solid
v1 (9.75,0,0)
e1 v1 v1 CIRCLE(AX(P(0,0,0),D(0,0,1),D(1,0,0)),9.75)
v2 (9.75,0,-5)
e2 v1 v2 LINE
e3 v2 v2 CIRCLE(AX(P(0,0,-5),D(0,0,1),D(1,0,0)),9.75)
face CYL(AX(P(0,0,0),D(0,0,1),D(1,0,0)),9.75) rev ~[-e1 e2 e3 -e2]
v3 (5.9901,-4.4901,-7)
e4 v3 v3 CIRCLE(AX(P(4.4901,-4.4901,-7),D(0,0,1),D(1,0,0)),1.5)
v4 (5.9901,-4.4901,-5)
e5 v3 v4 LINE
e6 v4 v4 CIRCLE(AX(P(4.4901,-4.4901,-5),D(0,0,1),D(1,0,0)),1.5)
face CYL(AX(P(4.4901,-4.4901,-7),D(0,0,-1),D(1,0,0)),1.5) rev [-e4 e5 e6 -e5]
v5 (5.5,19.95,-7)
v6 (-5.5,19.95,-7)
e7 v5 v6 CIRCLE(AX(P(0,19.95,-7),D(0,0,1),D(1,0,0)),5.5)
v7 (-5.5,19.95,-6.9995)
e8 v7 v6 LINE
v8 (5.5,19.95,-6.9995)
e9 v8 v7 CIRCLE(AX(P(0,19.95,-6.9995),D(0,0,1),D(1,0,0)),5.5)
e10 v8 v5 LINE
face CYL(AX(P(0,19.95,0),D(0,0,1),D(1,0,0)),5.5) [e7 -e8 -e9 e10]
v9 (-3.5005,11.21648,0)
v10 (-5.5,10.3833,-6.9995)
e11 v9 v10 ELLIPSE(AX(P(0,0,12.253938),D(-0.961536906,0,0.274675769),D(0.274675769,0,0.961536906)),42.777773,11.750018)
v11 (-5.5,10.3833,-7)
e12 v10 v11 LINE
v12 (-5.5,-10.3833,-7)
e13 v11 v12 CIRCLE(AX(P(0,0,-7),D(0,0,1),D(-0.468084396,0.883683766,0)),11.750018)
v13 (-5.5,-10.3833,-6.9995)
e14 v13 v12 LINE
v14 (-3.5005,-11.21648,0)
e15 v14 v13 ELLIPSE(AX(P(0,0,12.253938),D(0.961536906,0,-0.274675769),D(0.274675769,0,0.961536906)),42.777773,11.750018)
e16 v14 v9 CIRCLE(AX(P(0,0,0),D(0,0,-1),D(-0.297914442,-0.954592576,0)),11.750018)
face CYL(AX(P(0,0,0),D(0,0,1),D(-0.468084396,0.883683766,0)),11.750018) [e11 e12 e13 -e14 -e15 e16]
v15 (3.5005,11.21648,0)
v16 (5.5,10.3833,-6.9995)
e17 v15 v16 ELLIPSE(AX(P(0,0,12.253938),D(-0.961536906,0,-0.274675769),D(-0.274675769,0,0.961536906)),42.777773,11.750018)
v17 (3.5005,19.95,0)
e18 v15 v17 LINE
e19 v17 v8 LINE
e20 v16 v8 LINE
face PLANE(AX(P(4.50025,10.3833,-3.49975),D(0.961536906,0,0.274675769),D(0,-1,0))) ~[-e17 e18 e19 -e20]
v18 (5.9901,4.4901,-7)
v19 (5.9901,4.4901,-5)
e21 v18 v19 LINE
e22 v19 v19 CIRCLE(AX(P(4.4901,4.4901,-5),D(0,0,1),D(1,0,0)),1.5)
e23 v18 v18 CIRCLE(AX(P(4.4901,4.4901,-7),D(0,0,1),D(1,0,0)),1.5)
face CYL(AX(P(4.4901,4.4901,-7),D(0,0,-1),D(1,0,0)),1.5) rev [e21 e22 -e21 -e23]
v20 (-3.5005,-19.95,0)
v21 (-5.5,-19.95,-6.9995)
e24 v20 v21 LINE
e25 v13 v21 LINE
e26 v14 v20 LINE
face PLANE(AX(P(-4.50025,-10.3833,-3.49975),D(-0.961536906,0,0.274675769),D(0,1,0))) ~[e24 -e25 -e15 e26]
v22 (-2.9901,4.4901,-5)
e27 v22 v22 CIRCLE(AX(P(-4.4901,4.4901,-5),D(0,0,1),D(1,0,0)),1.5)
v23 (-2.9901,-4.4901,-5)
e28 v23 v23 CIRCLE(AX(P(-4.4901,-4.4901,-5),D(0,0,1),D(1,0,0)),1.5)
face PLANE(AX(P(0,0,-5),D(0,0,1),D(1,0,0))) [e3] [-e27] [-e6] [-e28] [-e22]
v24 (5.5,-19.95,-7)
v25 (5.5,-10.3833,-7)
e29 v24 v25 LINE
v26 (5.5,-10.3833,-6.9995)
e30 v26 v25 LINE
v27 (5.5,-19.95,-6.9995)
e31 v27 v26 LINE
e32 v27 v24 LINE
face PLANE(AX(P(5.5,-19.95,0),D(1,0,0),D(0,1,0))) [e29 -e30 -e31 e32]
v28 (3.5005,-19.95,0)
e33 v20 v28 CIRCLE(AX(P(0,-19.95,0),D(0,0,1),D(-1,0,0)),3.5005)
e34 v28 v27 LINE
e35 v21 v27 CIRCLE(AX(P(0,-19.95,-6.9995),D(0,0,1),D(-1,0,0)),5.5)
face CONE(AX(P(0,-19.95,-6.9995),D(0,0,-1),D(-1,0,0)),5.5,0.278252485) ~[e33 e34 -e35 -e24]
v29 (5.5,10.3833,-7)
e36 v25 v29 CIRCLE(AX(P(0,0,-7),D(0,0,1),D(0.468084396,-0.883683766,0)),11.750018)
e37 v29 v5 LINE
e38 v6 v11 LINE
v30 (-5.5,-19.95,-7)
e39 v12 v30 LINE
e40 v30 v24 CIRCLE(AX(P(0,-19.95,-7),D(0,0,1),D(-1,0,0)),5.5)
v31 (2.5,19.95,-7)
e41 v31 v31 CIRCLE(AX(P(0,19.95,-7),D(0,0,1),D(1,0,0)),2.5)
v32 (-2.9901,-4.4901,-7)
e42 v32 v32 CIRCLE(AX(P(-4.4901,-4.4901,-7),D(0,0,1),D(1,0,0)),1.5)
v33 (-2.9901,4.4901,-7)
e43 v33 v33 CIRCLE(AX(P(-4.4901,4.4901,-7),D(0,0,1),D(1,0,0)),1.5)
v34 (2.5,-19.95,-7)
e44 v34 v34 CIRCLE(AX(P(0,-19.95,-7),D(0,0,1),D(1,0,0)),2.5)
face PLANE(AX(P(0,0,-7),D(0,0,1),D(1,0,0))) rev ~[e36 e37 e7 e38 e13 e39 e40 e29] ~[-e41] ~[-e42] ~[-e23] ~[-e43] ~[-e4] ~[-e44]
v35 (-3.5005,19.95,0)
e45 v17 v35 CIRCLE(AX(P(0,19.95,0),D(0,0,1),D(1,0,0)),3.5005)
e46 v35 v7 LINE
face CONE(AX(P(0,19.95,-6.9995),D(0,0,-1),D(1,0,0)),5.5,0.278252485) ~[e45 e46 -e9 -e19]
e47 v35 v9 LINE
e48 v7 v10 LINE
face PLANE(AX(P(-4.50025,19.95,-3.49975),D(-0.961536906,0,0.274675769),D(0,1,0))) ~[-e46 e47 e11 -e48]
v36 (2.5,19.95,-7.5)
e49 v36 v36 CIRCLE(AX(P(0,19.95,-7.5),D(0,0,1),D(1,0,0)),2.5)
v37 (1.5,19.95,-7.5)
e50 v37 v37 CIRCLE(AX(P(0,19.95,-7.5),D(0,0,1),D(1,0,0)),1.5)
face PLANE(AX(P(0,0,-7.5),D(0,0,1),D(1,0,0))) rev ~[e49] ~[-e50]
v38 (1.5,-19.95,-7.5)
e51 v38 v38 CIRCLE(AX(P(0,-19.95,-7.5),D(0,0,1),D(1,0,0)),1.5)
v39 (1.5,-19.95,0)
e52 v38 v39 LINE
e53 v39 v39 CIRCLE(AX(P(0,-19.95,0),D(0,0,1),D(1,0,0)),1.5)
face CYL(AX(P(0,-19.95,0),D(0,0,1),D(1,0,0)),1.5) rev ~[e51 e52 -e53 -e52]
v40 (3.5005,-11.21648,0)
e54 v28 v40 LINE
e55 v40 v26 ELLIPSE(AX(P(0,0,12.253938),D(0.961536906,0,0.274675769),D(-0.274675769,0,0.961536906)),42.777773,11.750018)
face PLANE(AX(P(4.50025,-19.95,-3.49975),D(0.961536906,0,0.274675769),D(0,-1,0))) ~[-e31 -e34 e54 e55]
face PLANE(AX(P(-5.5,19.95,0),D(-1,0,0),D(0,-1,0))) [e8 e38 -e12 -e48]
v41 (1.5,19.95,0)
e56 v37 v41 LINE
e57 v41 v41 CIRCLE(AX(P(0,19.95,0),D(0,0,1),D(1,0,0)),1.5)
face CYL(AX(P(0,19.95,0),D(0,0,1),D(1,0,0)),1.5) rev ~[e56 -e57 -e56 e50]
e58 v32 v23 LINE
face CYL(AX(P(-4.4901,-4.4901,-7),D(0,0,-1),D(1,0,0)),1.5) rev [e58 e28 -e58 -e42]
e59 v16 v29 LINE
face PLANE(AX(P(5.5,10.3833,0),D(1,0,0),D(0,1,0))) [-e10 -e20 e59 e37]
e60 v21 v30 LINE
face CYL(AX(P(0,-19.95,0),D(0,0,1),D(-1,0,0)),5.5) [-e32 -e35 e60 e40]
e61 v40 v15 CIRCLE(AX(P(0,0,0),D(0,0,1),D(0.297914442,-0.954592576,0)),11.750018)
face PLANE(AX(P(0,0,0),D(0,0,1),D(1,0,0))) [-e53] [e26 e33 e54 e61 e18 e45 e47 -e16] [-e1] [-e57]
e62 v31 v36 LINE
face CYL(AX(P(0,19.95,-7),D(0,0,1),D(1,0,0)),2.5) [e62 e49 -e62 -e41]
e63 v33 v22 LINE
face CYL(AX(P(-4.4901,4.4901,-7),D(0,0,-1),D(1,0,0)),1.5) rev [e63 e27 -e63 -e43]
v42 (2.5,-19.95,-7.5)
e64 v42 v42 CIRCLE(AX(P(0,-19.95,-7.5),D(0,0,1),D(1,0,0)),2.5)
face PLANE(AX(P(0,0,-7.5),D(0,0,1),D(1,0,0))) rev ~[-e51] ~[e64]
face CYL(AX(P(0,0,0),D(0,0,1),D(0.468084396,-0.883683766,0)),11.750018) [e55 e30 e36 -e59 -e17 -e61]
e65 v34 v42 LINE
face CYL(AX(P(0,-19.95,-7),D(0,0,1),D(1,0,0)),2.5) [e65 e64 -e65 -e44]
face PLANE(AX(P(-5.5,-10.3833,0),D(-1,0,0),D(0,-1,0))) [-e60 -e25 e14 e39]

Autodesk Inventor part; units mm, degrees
ref_plane "YZ Plane" through (0, 0, 0) normal (1, 0, 0) x (0, 1, 0)
ref_plane "XZ Plane" through (0, 0, 0) normal (0, 1, 0) x (-1, 0, 0)
ref_plane "XY Plane" through (0, 0, 0) normal (0, 0, 1) x (1, 0, 0)
sketch "Skizze1" plane through (0, 0, 0) normal (0, 0, 1) x (1, 0, 0)
  line L0 (0, -19.95) -> (0, 19.95) construction
  arc A0 (-5.5, -19.95) -> (5.5, -19.95) centre (0, -19.95) ccw
  arc A1 (5.5, 19.95) -> (-5.5, 19.95) centre (0, 19.95) ccw
  line L1 (0, 37.03) -> (0, -37.03) construction
  line L2 (-16.45, 0) -> (16.45, 0) construction
  circle A2 centre (0, 19.95) radius 1.5
  circle A3 centre (0, -19.95) radius 1.5
  circle A4 centre (0, 19.95) radius 6.5 construction
  circle A5 centre (0, -19.95) radius 6.5 construction
  line L3 (0, 26.45) -> (0, -26.45) construction
  circle A6 centre (0, 19.95) radius 2.5
  circle A7 centre (0, -19.95) radius 2.5
  circle A8 centre (0, 0) radius 9.75
  line L4 (-5.5, 19.95) -> (-5.5, 10.3833)
  line L5 (-5.5, -10.3833) -> (-5.5, -19.95)
  line L6 (5.5, -19.95) -> (5.5, -10.3833)
  line L7 (5.5, 10.3833) -> (5.5, 19.95)
  arc A9 (5.5, -10.3833) -> (5.5, 10.3833) centre (0, 0) ccw
  arc A10 (-5.5, 10.3833) -> (-5.5, -10.3833) centre (0, 0) ccw
  circle A11 centre (0, 0) radius 6.35 construction
  circle A12 centre (-4.4901, 4.4901) radius 1.5
  circle A13 centre (-4.4901, -4.4901) radius 1.5
  circle A14 centre (4.4901, -4.4901) radius 1.5
  circle A15 centre (4.4901, 4.4901) radius 1.5
  line L8 (-4.4901, 4.4901) -> (0, 0) construction
  dimension "d4" = 13
  dimension "d31" = 12.7
  dimension "d1" = 3
  dimension "d5" = 52.9
  dimension "d19" = 1
  dimension "d26" = 19.5
  dimension "d28" = 2
  dimension "d32" = 3
  dimension "d35" = 360
  dimension "d37" = 45
  dimension "d38" = 3
extrude "Extrusion1" add sketch "Skizze1" against normal blind 7 contours L5 A10 L4 A1 L7 A9 L6 A0 | A6 | A7
chamfer "Fase2" distance 2 distance2 7 6 edges at (5.5, -15.1666, 0) (0, -25.45, 0) (-5.5, -15.1666, 0) (0, 25.45, 0) (5.5, 15.1666, 0) (-5.5, 15.1666, 0) measured on face at (-4.0409, -16.4295, 0)
extrude "Extrusion4" add sketch "Skizze1" against normal blind 0.5 from surface at -7 contours A6 | A7
extrude "Extrusion6" add sketch "Skizze1" along normal blind 2 from surface at -7 contours A8
properties part number "HarmonicDrive-WaveGenerator-Bottom"
